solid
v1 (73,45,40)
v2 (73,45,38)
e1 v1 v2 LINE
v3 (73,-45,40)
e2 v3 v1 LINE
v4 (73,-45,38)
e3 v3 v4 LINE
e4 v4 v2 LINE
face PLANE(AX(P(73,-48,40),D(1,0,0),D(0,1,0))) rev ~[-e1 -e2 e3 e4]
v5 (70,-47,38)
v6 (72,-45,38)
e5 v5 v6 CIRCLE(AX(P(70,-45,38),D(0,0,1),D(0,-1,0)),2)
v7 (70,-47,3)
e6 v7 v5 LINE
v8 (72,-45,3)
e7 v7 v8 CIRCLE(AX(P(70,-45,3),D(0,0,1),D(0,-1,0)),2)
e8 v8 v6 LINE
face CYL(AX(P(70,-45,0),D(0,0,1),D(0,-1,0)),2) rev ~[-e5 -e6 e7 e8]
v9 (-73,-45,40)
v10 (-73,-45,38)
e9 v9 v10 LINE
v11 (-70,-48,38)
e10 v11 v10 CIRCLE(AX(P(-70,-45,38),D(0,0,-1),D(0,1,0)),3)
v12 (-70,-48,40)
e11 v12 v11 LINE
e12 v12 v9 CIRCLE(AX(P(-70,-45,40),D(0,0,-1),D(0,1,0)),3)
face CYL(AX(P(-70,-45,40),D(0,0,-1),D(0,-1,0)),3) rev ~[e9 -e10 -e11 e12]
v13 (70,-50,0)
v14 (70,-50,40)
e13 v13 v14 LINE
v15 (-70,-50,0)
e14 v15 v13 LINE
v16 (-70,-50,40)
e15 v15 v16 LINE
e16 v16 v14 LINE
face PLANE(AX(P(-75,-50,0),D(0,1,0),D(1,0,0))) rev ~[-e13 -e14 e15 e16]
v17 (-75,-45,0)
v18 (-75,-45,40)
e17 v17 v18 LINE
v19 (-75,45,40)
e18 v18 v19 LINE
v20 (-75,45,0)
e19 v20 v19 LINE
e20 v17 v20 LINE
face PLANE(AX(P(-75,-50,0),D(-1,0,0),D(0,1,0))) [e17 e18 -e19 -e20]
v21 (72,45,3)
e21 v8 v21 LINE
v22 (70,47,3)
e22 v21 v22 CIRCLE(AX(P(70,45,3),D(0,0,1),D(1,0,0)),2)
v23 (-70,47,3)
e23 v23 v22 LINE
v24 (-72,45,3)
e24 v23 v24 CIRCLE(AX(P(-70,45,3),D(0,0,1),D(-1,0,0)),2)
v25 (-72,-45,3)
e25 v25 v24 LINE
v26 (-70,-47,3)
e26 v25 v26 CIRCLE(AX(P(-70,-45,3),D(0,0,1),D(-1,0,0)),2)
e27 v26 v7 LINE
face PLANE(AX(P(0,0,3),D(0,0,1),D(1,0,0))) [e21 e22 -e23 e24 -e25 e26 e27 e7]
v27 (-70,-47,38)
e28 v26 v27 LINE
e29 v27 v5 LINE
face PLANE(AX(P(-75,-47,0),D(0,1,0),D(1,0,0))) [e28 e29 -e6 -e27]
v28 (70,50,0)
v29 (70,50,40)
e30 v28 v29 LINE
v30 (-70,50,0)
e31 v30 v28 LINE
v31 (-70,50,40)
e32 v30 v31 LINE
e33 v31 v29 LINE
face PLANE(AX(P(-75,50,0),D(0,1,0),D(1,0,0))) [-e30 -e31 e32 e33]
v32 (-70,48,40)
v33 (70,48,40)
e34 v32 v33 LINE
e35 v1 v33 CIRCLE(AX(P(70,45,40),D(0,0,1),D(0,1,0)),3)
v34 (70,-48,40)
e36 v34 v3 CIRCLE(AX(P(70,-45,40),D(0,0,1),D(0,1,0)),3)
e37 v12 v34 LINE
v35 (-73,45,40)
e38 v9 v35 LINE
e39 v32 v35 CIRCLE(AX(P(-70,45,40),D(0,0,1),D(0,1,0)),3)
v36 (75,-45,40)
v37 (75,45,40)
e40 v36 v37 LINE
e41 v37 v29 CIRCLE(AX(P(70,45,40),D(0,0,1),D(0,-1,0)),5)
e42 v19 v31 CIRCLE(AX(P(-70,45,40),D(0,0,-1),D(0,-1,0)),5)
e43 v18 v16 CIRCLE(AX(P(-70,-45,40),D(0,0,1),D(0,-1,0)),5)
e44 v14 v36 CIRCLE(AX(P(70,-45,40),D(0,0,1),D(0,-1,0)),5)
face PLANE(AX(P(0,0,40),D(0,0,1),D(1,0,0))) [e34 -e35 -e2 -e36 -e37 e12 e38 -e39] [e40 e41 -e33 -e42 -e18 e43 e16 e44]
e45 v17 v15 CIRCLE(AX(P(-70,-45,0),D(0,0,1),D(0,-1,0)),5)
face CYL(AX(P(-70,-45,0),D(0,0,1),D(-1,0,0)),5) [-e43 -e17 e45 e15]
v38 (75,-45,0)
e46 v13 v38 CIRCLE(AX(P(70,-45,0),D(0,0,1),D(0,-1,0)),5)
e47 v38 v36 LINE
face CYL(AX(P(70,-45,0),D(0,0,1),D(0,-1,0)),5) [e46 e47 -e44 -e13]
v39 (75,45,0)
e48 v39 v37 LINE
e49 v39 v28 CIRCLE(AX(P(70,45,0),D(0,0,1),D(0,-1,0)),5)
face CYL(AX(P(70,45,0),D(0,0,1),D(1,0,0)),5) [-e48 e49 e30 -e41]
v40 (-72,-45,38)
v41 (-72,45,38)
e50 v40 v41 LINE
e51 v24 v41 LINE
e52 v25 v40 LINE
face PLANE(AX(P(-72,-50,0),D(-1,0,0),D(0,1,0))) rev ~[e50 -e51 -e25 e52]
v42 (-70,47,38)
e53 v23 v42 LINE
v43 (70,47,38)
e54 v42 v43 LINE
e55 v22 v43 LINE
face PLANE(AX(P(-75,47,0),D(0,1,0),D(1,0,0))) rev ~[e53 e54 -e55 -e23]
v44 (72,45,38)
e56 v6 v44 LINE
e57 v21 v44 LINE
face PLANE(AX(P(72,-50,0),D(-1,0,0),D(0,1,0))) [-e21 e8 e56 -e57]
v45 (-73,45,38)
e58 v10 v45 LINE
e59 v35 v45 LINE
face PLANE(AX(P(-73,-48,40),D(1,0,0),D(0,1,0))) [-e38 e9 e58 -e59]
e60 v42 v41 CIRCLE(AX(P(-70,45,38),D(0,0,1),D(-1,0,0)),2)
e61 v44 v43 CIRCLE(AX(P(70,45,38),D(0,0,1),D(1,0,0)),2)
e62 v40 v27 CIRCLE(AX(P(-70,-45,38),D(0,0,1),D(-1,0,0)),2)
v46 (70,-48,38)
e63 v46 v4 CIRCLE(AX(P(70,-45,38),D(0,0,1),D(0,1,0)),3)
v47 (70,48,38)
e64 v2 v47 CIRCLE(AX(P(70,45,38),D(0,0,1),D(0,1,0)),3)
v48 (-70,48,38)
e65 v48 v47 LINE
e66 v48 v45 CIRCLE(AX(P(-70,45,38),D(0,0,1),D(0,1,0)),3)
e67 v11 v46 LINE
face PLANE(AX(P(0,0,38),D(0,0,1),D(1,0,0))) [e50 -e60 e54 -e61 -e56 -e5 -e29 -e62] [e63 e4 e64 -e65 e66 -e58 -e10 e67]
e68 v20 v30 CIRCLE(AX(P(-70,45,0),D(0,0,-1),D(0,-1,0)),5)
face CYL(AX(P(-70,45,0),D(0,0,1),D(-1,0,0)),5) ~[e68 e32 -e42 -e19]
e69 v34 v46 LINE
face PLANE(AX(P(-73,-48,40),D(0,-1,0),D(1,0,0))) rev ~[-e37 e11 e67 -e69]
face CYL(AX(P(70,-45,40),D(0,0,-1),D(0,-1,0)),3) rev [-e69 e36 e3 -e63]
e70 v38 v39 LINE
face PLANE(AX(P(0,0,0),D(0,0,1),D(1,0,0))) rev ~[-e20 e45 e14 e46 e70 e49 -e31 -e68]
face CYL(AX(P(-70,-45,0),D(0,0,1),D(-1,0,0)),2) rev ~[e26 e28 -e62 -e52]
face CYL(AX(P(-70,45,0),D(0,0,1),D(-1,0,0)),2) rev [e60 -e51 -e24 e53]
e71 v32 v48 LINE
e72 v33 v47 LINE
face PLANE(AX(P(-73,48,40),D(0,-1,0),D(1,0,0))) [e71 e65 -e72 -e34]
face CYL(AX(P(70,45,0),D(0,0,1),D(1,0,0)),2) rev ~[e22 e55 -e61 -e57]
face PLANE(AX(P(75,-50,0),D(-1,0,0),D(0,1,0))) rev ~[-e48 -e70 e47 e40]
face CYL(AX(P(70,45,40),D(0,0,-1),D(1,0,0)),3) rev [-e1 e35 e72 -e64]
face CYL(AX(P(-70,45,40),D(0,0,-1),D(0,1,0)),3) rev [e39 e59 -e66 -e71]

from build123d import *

# Parameters (mm, degrees)
F0_W     = 150
F0_H     = 100
F1_DEPTH = 40
F2_R     = 5
F3_T     = -3
F4_W     = 146
F4_H     = 96
F5_DEPTH = 2
F6_R     = 3


with BuildPart() as f1:
    # F0 (on Top) → F1 (new body)
    with BuildSketch(Plane.XY):
        Rectangle(F0_W, F0_H)
    extrude(amount=F1_DEPTH)

    # F2
    f2_edges = [f1.edges().sort_by_distance(p)[0] for p in [
        (75, 50, 20),
        (-75, 50, 20),
        (-75, -50, 20),
        (75, -50, 20),
    ]]
    fillet(f2_edges, radius=F2_R)

    # F3
    f3_openings = [f1.faces().sort_by_distance(p)[0] for p in [
        (0, 0, 40),
    ]]
    offset(amount=F3_T, openings=f3_openings)

    # F4 (on face) → F5 (cut)
    with BuildSketch(Plane.XY.offset(40)):
        Rectangle(F4_W, F4_H)
    extrude(amount=-F5_DEPTH, mode=Mode.SUBTRACT)

    # F6
    f6_edges = [f1.edges().sort_by_distance(p)[0] for p in [
        (73, 48, 39),
        (73, -48, 39),
        (-73, 48, 39),
        (-73, -48, 39),
    ]]
    fillet(f6_edges, radius=F6_R)


solid = f1.part
